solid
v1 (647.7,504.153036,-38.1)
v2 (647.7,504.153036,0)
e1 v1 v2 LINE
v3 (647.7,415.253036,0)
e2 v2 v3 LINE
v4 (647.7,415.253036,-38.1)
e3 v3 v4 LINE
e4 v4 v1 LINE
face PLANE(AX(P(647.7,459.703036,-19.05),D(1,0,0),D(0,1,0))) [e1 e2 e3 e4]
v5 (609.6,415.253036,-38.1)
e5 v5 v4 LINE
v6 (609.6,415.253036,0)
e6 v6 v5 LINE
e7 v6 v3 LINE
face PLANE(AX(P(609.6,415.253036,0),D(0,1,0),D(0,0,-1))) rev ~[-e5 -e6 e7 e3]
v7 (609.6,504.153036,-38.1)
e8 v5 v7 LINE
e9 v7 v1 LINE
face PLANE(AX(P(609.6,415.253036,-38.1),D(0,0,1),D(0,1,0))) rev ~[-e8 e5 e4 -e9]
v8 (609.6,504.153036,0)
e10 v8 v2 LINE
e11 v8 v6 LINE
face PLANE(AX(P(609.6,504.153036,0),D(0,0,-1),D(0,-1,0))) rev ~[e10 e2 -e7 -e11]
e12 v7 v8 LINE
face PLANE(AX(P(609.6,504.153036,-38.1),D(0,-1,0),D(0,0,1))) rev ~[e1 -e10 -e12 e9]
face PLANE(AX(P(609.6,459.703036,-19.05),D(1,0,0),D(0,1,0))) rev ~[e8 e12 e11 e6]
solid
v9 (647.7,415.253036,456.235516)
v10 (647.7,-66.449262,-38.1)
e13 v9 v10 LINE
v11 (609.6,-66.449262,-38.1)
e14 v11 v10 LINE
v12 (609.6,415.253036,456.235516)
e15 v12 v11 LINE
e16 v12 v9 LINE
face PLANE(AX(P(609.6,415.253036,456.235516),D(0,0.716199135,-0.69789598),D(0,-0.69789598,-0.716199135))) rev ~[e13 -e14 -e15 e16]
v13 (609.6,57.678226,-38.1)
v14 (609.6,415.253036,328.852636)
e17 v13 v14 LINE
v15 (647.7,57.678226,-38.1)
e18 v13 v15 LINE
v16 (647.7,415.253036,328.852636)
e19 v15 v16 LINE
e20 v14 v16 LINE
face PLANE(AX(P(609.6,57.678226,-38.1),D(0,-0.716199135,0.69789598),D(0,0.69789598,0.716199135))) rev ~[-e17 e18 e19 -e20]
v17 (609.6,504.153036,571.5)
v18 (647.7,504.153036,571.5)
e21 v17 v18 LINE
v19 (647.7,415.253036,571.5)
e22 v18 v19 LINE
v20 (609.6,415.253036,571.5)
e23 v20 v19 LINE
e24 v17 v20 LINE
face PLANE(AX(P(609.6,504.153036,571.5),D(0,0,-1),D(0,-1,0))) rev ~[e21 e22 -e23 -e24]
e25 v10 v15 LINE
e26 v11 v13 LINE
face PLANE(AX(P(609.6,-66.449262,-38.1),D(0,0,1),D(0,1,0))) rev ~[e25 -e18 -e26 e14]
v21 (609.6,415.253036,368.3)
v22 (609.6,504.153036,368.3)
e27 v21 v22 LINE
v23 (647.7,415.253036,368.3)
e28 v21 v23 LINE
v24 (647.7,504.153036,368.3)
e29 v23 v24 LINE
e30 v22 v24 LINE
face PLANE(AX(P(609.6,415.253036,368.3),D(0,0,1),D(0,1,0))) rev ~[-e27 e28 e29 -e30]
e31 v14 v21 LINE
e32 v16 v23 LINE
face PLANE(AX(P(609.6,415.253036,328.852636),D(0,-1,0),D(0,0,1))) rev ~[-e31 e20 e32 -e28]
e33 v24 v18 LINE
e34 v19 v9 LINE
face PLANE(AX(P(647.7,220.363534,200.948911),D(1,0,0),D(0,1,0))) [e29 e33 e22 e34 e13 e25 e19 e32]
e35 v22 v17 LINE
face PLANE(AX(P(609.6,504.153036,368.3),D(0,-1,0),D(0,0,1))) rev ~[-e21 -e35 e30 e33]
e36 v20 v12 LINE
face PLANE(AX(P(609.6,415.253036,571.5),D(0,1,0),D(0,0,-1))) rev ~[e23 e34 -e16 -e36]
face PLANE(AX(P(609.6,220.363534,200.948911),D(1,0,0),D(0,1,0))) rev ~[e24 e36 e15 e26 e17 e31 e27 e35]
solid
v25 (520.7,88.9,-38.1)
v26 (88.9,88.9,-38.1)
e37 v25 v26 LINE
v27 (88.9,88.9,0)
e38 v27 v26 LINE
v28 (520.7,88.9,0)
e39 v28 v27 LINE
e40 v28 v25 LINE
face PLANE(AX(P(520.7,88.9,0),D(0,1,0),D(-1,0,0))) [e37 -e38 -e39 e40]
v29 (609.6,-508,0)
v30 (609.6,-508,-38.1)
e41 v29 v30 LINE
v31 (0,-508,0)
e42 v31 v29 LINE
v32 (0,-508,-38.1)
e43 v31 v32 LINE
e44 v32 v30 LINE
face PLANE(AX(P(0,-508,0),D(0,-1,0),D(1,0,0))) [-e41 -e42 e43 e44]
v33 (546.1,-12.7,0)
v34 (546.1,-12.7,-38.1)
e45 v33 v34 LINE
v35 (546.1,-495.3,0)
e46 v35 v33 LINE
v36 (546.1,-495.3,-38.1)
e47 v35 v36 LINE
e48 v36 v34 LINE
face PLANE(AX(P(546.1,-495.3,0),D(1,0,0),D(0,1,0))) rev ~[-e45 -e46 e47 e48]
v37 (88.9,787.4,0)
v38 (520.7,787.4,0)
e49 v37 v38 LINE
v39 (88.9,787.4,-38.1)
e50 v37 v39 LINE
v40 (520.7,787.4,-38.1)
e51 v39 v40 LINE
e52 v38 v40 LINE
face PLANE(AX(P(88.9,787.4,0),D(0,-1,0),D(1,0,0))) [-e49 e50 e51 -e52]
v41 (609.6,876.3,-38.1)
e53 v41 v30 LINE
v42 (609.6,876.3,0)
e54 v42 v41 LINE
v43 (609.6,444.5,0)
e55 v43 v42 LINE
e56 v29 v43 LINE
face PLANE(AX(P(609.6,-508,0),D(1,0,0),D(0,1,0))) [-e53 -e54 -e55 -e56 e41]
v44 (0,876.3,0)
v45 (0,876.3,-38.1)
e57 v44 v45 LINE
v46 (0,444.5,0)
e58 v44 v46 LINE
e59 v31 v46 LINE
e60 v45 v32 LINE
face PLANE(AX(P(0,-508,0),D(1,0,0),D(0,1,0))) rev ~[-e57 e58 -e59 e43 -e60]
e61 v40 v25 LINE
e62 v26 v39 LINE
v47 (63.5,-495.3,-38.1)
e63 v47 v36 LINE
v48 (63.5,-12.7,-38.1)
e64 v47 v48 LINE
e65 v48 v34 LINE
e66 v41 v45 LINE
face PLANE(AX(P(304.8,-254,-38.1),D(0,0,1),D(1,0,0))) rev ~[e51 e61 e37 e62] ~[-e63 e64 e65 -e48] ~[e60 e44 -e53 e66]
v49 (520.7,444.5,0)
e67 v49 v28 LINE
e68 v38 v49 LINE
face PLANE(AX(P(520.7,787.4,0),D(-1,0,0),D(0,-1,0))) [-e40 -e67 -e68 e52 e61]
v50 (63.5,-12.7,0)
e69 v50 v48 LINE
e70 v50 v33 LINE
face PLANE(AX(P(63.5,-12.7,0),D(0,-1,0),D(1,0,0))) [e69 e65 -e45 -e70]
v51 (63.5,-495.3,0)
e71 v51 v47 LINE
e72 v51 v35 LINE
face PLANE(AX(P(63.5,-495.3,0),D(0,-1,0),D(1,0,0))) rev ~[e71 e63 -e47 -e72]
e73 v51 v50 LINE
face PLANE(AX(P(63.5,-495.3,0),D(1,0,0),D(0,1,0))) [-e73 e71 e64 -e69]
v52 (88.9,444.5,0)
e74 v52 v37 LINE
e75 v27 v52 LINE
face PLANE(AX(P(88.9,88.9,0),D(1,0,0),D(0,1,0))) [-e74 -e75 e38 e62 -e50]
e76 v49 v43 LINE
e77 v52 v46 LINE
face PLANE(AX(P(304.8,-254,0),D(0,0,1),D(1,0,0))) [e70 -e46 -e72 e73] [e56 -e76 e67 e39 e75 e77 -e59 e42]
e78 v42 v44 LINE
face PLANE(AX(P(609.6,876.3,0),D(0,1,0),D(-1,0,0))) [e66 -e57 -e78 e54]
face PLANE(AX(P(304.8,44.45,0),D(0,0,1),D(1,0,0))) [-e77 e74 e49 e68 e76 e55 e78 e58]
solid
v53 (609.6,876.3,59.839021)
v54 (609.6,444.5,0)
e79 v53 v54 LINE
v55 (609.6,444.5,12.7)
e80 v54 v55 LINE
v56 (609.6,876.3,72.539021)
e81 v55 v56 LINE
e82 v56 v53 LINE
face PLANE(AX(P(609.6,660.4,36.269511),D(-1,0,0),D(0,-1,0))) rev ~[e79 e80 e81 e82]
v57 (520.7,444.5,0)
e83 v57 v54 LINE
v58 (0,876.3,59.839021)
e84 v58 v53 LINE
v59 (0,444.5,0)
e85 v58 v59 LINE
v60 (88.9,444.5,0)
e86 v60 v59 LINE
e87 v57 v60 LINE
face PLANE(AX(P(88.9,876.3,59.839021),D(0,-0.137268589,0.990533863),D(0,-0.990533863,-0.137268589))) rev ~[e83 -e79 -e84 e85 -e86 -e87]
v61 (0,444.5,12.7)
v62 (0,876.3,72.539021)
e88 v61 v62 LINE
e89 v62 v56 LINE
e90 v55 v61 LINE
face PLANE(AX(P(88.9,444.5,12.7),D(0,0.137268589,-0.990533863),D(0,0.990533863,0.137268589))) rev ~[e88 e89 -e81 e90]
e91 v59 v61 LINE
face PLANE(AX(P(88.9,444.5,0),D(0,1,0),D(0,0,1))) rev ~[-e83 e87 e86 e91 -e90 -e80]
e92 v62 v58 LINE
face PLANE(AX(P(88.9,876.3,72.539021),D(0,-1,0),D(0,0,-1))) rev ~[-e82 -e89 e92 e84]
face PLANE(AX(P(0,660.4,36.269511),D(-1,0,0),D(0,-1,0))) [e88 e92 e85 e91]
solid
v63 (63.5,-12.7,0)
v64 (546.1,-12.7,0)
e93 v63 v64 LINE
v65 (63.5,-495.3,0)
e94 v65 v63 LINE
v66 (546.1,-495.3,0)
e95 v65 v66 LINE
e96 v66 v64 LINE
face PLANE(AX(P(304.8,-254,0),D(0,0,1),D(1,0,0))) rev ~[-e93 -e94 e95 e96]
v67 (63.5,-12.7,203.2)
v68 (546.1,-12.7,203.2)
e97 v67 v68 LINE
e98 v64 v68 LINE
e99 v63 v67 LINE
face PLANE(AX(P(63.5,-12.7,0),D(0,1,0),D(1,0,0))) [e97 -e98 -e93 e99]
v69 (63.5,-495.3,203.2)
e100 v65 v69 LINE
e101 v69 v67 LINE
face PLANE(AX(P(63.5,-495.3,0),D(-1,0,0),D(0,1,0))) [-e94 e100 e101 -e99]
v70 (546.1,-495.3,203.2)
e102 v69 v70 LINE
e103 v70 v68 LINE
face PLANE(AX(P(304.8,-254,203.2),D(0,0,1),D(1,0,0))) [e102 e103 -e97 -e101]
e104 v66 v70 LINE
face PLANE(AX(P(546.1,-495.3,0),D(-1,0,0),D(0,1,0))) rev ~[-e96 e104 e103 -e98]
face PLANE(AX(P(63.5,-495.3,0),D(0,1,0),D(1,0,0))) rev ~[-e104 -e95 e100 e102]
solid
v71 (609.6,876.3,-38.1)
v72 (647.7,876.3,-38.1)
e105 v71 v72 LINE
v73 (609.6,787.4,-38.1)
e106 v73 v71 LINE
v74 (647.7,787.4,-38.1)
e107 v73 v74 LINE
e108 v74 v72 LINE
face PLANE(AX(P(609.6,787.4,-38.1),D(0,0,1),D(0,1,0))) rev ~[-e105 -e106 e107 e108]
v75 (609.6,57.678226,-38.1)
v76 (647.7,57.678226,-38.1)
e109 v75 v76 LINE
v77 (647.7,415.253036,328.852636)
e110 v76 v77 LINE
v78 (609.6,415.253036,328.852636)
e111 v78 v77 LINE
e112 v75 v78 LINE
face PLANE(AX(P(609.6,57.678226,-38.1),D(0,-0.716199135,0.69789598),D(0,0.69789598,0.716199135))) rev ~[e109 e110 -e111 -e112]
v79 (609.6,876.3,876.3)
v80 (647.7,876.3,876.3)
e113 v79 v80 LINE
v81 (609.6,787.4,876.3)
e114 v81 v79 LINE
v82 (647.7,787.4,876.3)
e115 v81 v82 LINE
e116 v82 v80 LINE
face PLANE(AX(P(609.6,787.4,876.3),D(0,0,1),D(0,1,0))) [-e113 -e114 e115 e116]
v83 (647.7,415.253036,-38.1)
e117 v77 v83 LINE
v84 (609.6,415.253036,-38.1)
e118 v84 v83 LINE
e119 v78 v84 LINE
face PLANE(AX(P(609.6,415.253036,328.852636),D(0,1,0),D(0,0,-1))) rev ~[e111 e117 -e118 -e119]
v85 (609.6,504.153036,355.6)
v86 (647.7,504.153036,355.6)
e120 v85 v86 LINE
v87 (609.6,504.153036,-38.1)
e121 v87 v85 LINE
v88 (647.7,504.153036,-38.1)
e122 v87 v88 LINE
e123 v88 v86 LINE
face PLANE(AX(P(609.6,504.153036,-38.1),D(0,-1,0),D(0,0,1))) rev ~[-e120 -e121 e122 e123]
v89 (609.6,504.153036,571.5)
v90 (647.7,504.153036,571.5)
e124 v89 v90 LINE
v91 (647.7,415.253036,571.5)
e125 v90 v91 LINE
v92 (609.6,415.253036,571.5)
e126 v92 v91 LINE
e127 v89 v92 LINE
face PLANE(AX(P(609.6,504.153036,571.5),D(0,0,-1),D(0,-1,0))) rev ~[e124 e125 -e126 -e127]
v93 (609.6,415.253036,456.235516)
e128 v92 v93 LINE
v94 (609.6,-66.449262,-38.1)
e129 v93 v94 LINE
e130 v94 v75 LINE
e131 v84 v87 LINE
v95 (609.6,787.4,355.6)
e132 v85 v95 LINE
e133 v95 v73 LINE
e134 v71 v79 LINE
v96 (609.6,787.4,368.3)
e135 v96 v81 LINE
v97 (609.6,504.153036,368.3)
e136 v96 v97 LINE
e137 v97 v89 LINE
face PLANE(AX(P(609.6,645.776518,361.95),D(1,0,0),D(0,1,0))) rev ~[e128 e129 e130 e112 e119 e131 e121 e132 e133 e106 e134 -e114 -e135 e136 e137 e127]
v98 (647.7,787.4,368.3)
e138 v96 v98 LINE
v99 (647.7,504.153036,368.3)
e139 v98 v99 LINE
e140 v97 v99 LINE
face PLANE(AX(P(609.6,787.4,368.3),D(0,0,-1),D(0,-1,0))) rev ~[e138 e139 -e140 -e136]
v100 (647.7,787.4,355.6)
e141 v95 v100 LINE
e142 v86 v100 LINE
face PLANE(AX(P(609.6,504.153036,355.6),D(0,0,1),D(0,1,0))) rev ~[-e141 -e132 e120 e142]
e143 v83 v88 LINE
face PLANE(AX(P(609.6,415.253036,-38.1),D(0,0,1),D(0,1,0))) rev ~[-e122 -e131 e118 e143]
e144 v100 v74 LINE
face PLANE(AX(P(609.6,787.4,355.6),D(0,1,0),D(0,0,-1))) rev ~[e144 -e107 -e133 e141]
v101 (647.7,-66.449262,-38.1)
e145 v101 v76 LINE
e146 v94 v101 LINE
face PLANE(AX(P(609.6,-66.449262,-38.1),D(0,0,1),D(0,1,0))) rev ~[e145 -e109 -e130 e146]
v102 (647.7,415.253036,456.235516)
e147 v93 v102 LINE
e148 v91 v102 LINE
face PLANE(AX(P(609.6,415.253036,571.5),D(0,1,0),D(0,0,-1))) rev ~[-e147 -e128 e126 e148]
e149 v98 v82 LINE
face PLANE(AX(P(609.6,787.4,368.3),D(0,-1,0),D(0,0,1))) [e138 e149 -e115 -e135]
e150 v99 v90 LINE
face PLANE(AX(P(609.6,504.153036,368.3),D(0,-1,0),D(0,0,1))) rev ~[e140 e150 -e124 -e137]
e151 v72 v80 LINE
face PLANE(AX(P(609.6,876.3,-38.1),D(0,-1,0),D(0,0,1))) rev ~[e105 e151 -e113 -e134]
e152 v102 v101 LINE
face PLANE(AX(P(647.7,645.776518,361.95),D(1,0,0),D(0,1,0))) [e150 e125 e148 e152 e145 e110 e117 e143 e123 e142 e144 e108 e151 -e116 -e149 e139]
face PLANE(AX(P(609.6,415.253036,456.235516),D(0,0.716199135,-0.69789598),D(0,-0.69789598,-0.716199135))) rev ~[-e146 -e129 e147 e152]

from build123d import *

# Parameters (mm, degrees)
F0_W      = 431.8
F0_H      = 88.9
F1_DEPTH  = 38.1
F3_DEPTH  = 431.8
F4_DEPTH  = 88.9
F5_DEPTH  = 88.9
F6_W      = 482.6
F6_H      = 482.6
F7_DEPTH  = 203.2
F6_W_2    = 609.6
F6_H_2    = 508
F8_DEPTH  = 38.1
F9_W      = 283.2469639567
F9_H      = 12.7
F9_W_2    = 88.9
F9_H_2    = 355.6
F9_H_3    = 508
F9_H_4    = 38.1
F10_DEPTH = 38.1
F11_DEPTH = 38.1


with BuildPart() as f1:
    # F0 (on Top) → F1 (new body)
    with BuildSketch(Plane.XY):
        Polygon((0, 88.9), (0, 0), (609.6, 0), (609.6, 88.9), (520.7, 88.9), (88.9, 88.9), align=None)
        Polygon((0, 876.3), (0, 88.9), (88.9, 88.9), (88.9, 444.5), (88.9, 787.4), (88.9, 876.3), align=None)
        Polygon((520.7, 88.9), (609.6, 88.9), (609.6, 876.3), (520.7, 876.3), (520.7, 787.4), (520.7, 444.5), align=None)
        with Locations((304.8, 831.85)):
            Rectangle(F0_W, F0_H)
    extrude(amount=-F1_DEPTH)



with BuildPart() as f3:
    # F2 (on face) → F3 (new body)
    with BuildSketch(Plane(origin=(520.7, 0, 0), x_dir=(0, -1, 0), z_dir=(-1, 0, 0))):
        Polygon((-876.3, 59.839021205), (-444.5, 0), (-444.5, 12.7), (-876.3, 72.539021205), align=None)
    extrude(amount=F3_DEPTH)


with BuildPart() as f1_1:
    add(f1.part)
    # F4 (add): a face of the model
    f4_faces = [f3.part.faces().sort_by_distance(p)[0] for p in [
        (520.7, 660.4, 36.2695106025),
    ]]

    add(f3.part)  # F4 merges F3
    extrude(f4_faces, amount=F4_DEPTH)

    # F5 (add): a face of the model
    f5_faces = [f1_1.faces().sort_by_distance(p)[0] for p in [
        (88.9, 660.4, 36.2695106025),
    ]]
    extrude(f5_faces, amount=F5_DEPTH)



with BuildPart() as f7:
    # F6 (on Top) → F7 (new body)
    with BuildSketch(Plane.XY):
        with Locations((304.8, -254)):
            Rectangle(F6_W, F6_H)
    extrude(amount=F7_DEPTH)


with BuildPart() as f1_2:
    add(f1_1.part)

    add(f7.part)  # F8 merges F7
    # F6 (on Top) → F8 (join)
    with BuildSketch(Plane.XY):
        with Locations((304.8, -254)):
            Rectangle(F6_W_2, F6_H_2)
        with Locations((304.8, -254)):
            Rectangle(F6_W, F6_H, mode=Mode.SUBTRACT)
    extrude(amount=-F8_DEPTH)


with BuildPart() as f10:
    # F9 (on face) → F10 (new body)
    with BuildSketch(Plane.YZ.offset(609.6)):
        with Locations((645.7765180217, 361.95)):
            Rectangle(F9_W, F9_H)
        with Locations((831.85, 177.8)):
            Rectangle(F9_W_2, F9_H_2)
        with Locations((831.85, 622.3)):
            Rectangle(F9_W_2, F9_H_3)
        with Locations((459.7030360433, 361.95)):
            Rectangle(F9_W_2, F9_H)
        Polygon((415.2530360433, -38.1), (504.1530360433, -38.1), (504.1530360433, 0), (444.5, 0), (415.2530360433, 0), align=None)
        Polygon((444.5, 0), (504.1530360433, 0), (504.1530360433, 355.6), (415.2530360433, 355.6), (415.2530360433, 328.8526361537), (415.2530360433, 0), align=None)
        Polygon((415.2530360433, 368.3), (504.1530360433, 368.3), (504.1530360433, 571.5), (415.2530360433, 571.5), (415.2530360433, 456.2355163903), align=None)
        with Locations((831.85, -19.05)):
            Rectangle(F9_W_2, F9_H_4)
        Polygon((415.2530360433, 328.8526361537), (415.2530360433, 355.6), (415.2530360433, 368.3), (415.2530360433, 456.2355163903), (-29.3229442363, 0), (94.804544347, 0), align=None)
        with Locations((831.85, 361.95)):
            Rectangle(F9_W_2, F9_H)
        Polygon((-66.4492622018, -38.1), (57.6782263815, -38.1), (94.804544347, 0), (-29.3229442363, 0), align=None)
    extrude(amount=F10_DEPTH)


with BuildPart() as f11:
    # F9 (on face) → F11 (new body)
    with BuildSketch(Plane.YZ.offset(609.6)):
        Polygon((415.2530360433, 328.8526361537), (415.2530360433, 355.6), (415.2530360433, 368.3), (415.2530360433, 456.2355163903), (-29.3229442363, 0), (94.804544347, 0), align=None)
        Polygon((-66.4492622018, -38.1), (57.6782263815, -38.1), (94.804544347, 0), (-29.3229442363, 0), align=None)
        Polygon((415.2530360433, 368.3), (504.1530360433, 368.3), (504.1530360433, 571.5), (415.2530360433, 571.5), (415.2530360433, 456.2355163903), align=None)
    extrude(amount=F11_DEPTH)


with BuildPart() as f11b:
    # F9 (on face) → F11, piece 2 (new body)
    with BuildSketch(Plane.YZ.offset(609.6)):
        Polygon((415.2530360433, -38.1), (504.1530360433, -38.1), (504.1530360433, 0), (444.5, 0), (415.2530360433, 0), align=None)
    extrude(amount=F11_DEPTH)


solid = Compound([f1_2.part, f10.part, f11.part, f11b.part])
